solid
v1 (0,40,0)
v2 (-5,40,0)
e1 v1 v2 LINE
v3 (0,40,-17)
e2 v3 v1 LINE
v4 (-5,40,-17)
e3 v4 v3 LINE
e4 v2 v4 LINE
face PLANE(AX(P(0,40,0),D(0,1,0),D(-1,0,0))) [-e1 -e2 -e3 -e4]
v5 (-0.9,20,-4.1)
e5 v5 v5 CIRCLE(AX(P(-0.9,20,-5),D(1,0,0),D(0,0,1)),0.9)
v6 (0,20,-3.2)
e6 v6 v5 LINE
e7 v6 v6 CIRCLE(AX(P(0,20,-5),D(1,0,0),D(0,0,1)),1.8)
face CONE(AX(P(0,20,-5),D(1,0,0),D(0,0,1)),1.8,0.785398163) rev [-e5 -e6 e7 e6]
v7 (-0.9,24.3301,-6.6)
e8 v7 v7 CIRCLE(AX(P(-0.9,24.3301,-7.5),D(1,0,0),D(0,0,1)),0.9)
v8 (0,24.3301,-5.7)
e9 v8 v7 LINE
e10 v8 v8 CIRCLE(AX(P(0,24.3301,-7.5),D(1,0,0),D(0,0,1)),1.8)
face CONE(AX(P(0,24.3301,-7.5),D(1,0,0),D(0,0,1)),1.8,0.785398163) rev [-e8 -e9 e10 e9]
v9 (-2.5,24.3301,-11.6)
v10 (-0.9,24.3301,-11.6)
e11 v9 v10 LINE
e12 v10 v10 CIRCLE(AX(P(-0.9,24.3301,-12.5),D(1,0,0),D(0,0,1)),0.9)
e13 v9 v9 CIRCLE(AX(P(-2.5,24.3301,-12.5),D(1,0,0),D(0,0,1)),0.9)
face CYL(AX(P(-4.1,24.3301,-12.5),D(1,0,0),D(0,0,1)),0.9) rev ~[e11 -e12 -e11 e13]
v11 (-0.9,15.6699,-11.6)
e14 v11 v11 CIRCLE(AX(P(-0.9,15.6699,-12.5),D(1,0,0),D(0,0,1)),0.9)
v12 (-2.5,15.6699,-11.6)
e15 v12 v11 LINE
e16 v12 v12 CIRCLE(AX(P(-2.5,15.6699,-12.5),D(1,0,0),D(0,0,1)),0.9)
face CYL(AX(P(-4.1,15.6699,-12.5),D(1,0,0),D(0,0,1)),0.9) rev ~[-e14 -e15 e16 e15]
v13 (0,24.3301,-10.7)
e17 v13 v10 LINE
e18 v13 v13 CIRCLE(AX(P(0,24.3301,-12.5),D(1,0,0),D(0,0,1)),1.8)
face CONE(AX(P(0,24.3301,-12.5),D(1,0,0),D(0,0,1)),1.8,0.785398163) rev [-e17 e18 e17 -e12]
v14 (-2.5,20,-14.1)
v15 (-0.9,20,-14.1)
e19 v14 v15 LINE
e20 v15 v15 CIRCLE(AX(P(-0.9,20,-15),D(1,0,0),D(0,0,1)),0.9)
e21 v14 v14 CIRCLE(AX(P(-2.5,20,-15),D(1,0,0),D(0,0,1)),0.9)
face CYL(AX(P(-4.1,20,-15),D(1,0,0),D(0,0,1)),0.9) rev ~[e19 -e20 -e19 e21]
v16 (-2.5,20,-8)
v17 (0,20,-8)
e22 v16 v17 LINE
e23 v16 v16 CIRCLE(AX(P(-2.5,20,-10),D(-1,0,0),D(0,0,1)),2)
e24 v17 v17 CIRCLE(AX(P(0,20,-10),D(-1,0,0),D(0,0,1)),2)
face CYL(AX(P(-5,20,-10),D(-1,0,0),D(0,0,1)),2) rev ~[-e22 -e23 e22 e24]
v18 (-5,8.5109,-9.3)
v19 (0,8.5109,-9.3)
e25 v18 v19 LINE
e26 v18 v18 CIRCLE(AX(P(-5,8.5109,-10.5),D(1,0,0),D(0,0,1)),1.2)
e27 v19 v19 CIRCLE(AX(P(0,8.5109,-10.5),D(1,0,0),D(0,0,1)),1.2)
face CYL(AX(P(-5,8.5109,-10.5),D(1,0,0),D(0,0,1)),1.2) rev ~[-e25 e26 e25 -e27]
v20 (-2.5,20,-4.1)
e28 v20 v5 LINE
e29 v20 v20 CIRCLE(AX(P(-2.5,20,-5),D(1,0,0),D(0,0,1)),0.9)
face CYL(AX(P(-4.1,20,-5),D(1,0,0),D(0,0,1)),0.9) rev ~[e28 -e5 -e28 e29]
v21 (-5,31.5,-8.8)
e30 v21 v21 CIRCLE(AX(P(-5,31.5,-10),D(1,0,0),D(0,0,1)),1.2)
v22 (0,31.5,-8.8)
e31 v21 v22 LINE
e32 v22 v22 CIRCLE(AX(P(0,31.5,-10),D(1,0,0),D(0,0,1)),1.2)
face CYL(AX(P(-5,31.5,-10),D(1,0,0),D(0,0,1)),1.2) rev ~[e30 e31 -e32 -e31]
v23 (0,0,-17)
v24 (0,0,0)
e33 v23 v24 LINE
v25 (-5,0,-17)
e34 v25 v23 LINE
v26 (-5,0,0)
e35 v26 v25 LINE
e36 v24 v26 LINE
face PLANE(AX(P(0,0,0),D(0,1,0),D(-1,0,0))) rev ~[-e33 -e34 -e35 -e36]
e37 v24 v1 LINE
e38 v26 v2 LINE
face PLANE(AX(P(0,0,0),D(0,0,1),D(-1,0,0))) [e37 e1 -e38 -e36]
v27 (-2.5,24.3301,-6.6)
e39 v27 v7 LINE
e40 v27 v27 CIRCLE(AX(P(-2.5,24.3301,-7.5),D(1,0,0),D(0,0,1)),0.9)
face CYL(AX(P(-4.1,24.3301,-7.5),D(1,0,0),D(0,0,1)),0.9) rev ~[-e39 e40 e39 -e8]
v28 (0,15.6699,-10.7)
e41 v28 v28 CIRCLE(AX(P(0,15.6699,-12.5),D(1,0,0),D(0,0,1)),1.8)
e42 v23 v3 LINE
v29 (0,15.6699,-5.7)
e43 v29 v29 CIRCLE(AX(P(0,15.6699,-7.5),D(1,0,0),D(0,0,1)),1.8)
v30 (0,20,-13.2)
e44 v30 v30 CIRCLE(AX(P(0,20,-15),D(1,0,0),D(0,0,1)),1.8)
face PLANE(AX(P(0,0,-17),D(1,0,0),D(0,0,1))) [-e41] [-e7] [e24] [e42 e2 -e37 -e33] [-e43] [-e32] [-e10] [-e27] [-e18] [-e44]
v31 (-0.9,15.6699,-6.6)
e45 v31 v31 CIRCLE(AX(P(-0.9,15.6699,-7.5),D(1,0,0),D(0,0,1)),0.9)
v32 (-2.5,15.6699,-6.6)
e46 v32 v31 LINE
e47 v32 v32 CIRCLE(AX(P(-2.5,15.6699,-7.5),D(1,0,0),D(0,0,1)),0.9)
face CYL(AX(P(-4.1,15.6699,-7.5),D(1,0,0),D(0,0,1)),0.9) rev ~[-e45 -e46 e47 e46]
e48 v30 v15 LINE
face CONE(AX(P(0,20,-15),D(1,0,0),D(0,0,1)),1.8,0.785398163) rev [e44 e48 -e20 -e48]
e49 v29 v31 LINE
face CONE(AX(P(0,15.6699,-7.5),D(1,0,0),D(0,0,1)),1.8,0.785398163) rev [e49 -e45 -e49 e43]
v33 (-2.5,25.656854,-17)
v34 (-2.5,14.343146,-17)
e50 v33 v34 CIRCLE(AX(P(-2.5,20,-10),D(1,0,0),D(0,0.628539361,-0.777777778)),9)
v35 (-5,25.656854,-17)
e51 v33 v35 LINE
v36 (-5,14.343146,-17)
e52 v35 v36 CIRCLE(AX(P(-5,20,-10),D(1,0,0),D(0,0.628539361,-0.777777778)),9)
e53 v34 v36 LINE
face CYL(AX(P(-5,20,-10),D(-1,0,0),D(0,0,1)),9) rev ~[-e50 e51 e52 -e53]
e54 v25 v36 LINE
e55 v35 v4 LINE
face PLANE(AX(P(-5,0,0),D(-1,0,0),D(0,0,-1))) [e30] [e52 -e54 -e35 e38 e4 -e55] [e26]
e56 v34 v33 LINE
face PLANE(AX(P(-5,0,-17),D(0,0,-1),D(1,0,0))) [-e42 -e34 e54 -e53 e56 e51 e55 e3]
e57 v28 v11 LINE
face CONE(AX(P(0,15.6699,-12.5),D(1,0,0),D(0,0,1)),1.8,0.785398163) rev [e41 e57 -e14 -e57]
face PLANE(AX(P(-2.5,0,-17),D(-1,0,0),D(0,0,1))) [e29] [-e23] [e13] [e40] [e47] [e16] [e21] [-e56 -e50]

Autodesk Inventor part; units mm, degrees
ref_plane "YZ Plane" through (0, 0, 0) normal (1, 0, 0) x (0, 1, 0)
ref_plane "XZ Plane" through (0, 0, 0) normal (0, 1, 0) x (-1, 0, 0)
sketch "Sketch1" plane through (0, 0, 0) normal (0, 1, 0) x (-1, 0, 0)
  line L0 (0, 0) -> (5, 0)
  line L1 (5, 0) -> (5, -17)
  line L2 (5, -17) -> (0, -17)
  line L3 (0, -17) -> (0, 0)
  dimension "d0" = 5
  dimension "d1" = 17
extrude "Extrusion1" add sketch "Sketch1" along normal blind 40
sketch "Sketch2" plane through (-5, 0, -17) normal (-1, 0, 0) x (0, 0, 1)
  line L0 (17, 0) -> (17, 40) projected
  line L1 (17, 20) -> (-0.1378, 20)
  circle A0 centre (7, 20) radius 2
  line L2 (0, 0) -> (17, 0) projected
  line L3 (6.5, -6.3182) -> (6.5, 42.5723) construction
  line L4 (0, 0) -> (0, 40) projected
  circle A1 centre (6.5, 8.5109) radius 0.5
  circle A2 centre (7, 31.5) radius 0.5
  dimension "d4" = 4
  dimension "d7" = 6.5
  dimension "d9" = 11.5
  dimension "d10" = 1
  dimension "d11" = 1
  dimension "d12" = 0.5
  dimension "d13" = 11.5
  dimension "d105" = 7
extrude "Extrusion2" cut sketch "Sketch2" against normal through all contours A0 L1 | L1 A0 | A1 | A2
hole "Hole1" at (-5, 8.5109, -10.5) direction (1, 0, 0) diameter 2.4 end through all clearance for "Flat Head Machine Screw" size "M2" standard "Ansi Metric M Profile"
hole "Hole2" at (-5, 31.5, -10) direction (1, 0, 0) diameter 2.4 end through all clearance for "Flat Head Machine Screw" size "M2" standard "Ansi Metric M Profile"
sketch "Sketch3" plane through (-5, 0, -17) normal (-1, 0, 0) x (0, 0, 1)
  circle A0 centre (7, 20) radius 2 projected
  circle A1 centre (7, 20) radius 5 construction
  line L0 (7, 20) -> (16.0941, 20)
  circle A2 centre (12, 20) radius 0.5
  circle A3 centre (9.5, 24.3301) radius 0.5
  circle A4 centre (4.5, 24.3301) radius 0.5
  circle A5 centre (2, 20) radius 0.5
  circle A6 centre (4.5, 15.6699) radius 0.5
  circle A7 centre (9.5, 15.6699) radius 0.5
  point P0 (17, 0)
  dimension "d32" = 10
  dimension "d33" = 1
  dimension "d36" = 360
extrude "Extrusion3" cut sketch "Sketch3" against normal through all contours A2 L0 | L0 A2 | A3 | A4 | A5 | A6 | A7
hole "Hole3" at (-5, 20, -5) direction (1, 0, 0) diameter 1.8 end through all countersink diameter 3.6 countersink angle 90 clearance for "Countersunk Flat Head Screw DIN EN ISO 2009" size "M1.6" standard "DIN"
hole "Hole4" at (-5, 15.6699, -7.5) direction (1, 0, 0) diameter 1.8 end through all countersink diameter 3.6 countersink angle 90 clearance for "Countersunk Flat Head Screw DIN EN ISO 2009" size "M1.6" standard "DIN"
hole "Hole5" at (-5, 15.6699, -12.5) direction (1, 0, 0) diameter 1.8 end through all countersink diameter 3.6 countersink angle 90 clearance for "Countersunk Flat Head Screw DIN EN ISO 2009" size "M1.6" standard "DIN"
hole "Hole6" at (-5, 20, -15) direction (1, 0, 0) diameter 1.8 end through all countersink diameter 3.6 countersink angle 90 clearance for "Countersunk Flat Head Screw DIN EN ISO 2009" size "M1.6" standard "DIN"
hole "Hole7" at (-5, 24.3301, -12.5) direction (1, 0, 0) diameter 1.8 end through all countersink diameter 3.6 countersink angle 90 clearance for "Countersunk Flat Head Screw DIN EN ISO 2009" size "M1.6" standard "DIN"
hole "Hole8" at (-5, 24.3301, -7.5) direction (1, 0, 0) diameter 1.8 end through all countersink diameter 3.6 countersink angle 90 clearance for "Countersunk Flat Head Screw DIN EN ISO 2009" size "M1.6" standard "DIN"
ref_plane "Work Plane1" through (-2.5, 0, -17) normal (-1, 0, 0) x (0, 0, 1)
mirror "Mirror1" about plane through (-2.5, 0, -17) normal (-1, 0, 0) of "Hole6", "Hole5", "Hole4", "Hole3", "Hole8", "Hole7"
sketch "Sketch6" plane through (-5, 0, -17) normal (-1, 0, 0) x (0, 0, 1)
  circle A0 centre (7, 20) radius 2 projected
  circle A1 centre (7, 20) radius 9
  point P0 (17, 0)
  dimension "d102" = 18
extrude "Extrusion6" cut sketch "Sketch6" against normal blind 2.5
properties part number "mounting"
